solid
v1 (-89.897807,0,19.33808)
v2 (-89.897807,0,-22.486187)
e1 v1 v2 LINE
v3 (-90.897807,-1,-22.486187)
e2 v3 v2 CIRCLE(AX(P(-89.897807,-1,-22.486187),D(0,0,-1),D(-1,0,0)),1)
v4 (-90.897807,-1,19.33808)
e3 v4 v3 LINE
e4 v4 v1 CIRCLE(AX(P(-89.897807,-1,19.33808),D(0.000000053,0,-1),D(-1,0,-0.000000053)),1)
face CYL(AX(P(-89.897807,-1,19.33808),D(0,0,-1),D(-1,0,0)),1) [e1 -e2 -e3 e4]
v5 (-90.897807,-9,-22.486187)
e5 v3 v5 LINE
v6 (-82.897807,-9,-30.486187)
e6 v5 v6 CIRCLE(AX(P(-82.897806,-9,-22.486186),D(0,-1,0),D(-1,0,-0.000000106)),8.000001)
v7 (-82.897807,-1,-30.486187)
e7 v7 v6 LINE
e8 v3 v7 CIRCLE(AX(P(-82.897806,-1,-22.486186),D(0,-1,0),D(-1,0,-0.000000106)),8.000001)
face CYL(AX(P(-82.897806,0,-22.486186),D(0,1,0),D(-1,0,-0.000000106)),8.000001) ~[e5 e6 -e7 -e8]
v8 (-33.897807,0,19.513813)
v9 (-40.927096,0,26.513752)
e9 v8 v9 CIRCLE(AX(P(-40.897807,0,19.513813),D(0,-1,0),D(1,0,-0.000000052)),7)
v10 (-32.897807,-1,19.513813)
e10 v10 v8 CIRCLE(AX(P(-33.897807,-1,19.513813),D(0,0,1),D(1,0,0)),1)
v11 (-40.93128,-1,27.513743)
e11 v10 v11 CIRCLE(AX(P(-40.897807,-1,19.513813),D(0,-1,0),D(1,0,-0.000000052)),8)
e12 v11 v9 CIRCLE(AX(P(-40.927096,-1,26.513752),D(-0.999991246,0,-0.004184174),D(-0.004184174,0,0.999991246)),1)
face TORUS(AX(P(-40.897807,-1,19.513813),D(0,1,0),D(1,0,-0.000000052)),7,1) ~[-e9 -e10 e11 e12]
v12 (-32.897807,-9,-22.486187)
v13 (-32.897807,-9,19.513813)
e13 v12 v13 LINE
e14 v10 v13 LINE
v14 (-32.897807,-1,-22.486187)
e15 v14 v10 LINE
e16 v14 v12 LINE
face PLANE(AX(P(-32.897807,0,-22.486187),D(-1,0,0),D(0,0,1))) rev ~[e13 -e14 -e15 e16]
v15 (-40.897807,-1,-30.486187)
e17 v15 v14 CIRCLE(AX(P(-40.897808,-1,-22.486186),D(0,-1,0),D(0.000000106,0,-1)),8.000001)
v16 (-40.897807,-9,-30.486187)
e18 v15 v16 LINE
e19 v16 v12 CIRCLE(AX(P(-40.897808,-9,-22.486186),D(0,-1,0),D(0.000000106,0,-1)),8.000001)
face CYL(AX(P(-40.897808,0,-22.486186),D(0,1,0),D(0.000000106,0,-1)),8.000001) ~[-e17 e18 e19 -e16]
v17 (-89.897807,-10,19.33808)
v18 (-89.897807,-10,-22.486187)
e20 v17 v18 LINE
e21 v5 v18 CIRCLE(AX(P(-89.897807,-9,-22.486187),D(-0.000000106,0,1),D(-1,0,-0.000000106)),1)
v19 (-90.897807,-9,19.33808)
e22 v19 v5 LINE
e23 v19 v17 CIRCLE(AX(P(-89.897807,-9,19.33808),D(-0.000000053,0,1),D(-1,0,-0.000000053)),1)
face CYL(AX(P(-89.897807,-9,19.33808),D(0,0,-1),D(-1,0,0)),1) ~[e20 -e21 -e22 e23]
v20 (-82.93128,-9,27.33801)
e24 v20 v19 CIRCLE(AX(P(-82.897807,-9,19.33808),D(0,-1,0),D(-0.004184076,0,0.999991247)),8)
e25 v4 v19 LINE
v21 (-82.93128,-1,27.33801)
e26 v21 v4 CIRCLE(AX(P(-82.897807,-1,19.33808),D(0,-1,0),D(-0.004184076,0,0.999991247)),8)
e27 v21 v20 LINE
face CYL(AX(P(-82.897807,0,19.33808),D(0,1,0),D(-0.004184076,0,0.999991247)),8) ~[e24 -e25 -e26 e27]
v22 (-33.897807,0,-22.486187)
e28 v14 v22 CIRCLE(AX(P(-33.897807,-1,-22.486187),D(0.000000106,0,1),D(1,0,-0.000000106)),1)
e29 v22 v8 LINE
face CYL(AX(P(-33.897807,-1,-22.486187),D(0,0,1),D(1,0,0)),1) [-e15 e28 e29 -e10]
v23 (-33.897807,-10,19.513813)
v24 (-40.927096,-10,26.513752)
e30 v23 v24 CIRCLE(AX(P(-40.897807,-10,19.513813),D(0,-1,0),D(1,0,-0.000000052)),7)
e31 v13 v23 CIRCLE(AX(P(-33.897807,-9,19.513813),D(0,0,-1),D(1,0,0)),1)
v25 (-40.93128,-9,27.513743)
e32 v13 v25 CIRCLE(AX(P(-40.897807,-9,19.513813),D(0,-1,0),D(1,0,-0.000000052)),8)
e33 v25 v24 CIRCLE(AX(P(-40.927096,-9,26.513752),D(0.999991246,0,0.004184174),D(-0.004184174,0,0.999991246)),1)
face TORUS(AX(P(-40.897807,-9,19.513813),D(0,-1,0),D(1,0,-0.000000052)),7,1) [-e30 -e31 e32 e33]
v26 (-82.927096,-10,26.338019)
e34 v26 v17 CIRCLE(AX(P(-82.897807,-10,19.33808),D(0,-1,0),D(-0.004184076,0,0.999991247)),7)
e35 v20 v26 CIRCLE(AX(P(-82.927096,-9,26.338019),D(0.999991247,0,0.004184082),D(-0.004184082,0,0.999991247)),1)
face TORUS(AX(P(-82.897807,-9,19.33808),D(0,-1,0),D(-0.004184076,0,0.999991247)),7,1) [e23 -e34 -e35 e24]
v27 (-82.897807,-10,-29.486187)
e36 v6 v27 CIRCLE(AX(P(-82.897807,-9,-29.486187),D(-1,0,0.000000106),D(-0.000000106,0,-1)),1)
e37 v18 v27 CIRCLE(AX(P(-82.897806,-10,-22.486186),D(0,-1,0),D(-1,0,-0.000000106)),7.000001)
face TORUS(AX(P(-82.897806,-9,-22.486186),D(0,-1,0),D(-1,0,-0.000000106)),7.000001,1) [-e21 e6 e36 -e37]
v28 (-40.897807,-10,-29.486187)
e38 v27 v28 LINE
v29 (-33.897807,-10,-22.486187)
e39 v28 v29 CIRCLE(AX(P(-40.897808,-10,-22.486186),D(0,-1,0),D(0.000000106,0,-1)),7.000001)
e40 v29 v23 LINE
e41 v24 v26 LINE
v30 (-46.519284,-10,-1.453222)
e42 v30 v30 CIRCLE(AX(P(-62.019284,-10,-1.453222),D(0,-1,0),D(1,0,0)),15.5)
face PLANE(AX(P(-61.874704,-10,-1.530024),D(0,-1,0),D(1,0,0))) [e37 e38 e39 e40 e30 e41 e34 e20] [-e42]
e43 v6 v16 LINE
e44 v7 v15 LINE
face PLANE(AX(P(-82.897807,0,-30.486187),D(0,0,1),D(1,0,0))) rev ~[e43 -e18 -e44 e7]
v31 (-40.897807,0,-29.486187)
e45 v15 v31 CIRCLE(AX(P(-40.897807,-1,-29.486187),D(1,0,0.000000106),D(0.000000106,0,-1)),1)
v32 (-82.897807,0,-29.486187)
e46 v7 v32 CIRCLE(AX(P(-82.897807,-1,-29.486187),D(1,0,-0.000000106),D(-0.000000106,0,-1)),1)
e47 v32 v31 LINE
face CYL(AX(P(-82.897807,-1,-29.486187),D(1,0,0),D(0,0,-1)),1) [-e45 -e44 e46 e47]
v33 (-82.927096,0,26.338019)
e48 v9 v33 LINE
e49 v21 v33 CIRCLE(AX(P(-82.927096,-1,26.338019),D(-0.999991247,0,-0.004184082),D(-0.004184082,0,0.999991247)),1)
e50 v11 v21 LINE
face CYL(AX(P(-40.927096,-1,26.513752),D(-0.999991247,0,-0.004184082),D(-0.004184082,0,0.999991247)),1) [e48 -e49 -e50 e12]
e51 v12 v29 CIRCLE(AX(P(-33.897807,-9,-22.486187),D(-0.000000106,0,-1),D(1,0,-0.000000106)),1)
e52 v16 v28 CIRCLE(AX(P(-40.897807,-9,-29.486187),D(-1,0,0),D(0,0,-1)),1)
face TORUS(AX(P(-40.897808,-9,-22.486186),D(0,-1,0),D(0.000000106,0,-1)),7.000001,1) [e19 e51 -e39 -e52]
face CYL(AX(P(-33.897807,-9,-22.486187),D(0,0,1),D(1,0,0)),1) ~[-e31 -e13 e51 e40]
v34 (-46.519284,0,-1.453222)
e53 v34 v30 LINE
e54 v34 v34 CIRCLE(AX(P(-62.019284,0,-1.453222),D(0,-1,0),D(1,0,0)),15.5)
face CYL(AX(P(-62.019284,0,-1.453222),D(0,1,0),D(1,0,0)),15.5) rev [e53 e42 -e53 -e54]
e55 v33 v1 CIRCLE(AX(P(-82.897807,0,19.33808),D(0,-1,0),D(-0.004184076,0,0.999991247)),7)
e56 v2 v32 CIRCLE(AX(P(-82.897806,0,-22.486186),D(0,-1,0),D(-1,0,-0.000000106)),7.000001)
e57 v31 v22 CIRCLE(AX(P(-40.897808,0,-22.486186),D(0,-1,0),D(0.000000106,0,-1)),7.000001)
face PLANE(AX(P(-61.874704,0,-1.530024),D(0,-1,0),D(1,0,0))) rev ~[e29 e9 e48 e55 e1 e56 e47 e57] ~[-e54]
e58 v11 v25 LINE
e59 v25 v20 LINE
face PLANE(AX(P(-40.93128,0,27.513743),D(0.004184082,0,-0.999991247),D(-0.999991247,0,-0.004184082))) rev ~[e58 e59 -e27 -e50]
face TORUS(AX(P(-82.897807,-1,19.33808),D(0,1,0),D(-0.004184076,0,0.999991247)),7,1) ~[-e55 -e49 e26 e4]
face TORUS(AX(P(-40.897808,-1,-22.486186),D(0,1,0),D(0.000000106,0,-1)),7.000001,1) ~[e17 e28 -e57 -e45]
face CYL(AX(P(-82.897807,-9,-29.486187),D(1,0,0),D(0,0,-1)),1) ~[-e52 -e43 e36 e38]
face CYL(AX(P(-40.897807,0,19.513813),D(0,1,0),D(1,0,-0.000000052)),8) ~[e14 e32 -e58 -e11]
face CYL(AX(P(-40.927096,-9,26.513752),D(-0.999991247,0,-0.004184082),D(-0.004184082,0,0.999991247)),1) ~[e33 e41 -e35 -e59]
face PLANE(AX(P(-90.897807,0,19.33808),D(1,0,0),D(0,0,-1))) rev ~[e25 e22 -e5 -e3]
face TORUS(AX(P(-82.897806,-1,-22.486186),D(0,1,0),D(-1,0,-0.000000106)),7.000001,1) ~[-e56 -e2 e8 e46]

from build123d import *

# Parameters (mm, degrees)
F0_R     = 15.5
F1_DEPTH = 10
F2_R     = 1


with BuildPart() as f1:
    # F0 (on Front) → F1 (new body)
    with BuildSketch(Plane.XZ):
        with BuildLine():
            ThreePointArc((-82.93128, 27.33801), (-88.566483, 24.983088), (-90.897807, 19.33808))
            Line((-90.897807, 19.33808), (-90.897807, -22.486187))
            ThreePointArc((-90.897807, -22.486187), (-88.554661, -28.143041), (-82.897807, -30.486187))
            Line((-82.897807, -30.486187), (-40.897807, -30.486187))
            ThreePointArc((-40.897807, -30.486187), (-35.240953, -28.143041), (-32.897807, -22.486187))
            Line((-32.897807, -22.486187), (-32.897807, 19.513813))
            ThreePointArc((-32.897807, 19.513813), (-35.252799, 25.182489), (-40.93128, 27.513743))
            Line((-40.93128, 27.513743), (-82.93128, 27.33801))
        make_face()
        with Locations((-62.019284, -1.453222)):
            Circle(F0_R, mode=Mode.SUBTRACT)
    extrude(amount=F1_DEPTH)

    # F2
    f2_edges = [f1.edges().sort_by_distance(p)[0] for p in [
        (-88.554661, -10, -28.143041),
        (-35.240953, 0, -28.143041),
        (-61.897807, 0, -30.486187),
        (-90.897807, 0, -1.574053),
        (-88.554661, 0, -28.143041),
    ]]
    fillet(f2_edges, radius=F2_R)


solid = f1.part
